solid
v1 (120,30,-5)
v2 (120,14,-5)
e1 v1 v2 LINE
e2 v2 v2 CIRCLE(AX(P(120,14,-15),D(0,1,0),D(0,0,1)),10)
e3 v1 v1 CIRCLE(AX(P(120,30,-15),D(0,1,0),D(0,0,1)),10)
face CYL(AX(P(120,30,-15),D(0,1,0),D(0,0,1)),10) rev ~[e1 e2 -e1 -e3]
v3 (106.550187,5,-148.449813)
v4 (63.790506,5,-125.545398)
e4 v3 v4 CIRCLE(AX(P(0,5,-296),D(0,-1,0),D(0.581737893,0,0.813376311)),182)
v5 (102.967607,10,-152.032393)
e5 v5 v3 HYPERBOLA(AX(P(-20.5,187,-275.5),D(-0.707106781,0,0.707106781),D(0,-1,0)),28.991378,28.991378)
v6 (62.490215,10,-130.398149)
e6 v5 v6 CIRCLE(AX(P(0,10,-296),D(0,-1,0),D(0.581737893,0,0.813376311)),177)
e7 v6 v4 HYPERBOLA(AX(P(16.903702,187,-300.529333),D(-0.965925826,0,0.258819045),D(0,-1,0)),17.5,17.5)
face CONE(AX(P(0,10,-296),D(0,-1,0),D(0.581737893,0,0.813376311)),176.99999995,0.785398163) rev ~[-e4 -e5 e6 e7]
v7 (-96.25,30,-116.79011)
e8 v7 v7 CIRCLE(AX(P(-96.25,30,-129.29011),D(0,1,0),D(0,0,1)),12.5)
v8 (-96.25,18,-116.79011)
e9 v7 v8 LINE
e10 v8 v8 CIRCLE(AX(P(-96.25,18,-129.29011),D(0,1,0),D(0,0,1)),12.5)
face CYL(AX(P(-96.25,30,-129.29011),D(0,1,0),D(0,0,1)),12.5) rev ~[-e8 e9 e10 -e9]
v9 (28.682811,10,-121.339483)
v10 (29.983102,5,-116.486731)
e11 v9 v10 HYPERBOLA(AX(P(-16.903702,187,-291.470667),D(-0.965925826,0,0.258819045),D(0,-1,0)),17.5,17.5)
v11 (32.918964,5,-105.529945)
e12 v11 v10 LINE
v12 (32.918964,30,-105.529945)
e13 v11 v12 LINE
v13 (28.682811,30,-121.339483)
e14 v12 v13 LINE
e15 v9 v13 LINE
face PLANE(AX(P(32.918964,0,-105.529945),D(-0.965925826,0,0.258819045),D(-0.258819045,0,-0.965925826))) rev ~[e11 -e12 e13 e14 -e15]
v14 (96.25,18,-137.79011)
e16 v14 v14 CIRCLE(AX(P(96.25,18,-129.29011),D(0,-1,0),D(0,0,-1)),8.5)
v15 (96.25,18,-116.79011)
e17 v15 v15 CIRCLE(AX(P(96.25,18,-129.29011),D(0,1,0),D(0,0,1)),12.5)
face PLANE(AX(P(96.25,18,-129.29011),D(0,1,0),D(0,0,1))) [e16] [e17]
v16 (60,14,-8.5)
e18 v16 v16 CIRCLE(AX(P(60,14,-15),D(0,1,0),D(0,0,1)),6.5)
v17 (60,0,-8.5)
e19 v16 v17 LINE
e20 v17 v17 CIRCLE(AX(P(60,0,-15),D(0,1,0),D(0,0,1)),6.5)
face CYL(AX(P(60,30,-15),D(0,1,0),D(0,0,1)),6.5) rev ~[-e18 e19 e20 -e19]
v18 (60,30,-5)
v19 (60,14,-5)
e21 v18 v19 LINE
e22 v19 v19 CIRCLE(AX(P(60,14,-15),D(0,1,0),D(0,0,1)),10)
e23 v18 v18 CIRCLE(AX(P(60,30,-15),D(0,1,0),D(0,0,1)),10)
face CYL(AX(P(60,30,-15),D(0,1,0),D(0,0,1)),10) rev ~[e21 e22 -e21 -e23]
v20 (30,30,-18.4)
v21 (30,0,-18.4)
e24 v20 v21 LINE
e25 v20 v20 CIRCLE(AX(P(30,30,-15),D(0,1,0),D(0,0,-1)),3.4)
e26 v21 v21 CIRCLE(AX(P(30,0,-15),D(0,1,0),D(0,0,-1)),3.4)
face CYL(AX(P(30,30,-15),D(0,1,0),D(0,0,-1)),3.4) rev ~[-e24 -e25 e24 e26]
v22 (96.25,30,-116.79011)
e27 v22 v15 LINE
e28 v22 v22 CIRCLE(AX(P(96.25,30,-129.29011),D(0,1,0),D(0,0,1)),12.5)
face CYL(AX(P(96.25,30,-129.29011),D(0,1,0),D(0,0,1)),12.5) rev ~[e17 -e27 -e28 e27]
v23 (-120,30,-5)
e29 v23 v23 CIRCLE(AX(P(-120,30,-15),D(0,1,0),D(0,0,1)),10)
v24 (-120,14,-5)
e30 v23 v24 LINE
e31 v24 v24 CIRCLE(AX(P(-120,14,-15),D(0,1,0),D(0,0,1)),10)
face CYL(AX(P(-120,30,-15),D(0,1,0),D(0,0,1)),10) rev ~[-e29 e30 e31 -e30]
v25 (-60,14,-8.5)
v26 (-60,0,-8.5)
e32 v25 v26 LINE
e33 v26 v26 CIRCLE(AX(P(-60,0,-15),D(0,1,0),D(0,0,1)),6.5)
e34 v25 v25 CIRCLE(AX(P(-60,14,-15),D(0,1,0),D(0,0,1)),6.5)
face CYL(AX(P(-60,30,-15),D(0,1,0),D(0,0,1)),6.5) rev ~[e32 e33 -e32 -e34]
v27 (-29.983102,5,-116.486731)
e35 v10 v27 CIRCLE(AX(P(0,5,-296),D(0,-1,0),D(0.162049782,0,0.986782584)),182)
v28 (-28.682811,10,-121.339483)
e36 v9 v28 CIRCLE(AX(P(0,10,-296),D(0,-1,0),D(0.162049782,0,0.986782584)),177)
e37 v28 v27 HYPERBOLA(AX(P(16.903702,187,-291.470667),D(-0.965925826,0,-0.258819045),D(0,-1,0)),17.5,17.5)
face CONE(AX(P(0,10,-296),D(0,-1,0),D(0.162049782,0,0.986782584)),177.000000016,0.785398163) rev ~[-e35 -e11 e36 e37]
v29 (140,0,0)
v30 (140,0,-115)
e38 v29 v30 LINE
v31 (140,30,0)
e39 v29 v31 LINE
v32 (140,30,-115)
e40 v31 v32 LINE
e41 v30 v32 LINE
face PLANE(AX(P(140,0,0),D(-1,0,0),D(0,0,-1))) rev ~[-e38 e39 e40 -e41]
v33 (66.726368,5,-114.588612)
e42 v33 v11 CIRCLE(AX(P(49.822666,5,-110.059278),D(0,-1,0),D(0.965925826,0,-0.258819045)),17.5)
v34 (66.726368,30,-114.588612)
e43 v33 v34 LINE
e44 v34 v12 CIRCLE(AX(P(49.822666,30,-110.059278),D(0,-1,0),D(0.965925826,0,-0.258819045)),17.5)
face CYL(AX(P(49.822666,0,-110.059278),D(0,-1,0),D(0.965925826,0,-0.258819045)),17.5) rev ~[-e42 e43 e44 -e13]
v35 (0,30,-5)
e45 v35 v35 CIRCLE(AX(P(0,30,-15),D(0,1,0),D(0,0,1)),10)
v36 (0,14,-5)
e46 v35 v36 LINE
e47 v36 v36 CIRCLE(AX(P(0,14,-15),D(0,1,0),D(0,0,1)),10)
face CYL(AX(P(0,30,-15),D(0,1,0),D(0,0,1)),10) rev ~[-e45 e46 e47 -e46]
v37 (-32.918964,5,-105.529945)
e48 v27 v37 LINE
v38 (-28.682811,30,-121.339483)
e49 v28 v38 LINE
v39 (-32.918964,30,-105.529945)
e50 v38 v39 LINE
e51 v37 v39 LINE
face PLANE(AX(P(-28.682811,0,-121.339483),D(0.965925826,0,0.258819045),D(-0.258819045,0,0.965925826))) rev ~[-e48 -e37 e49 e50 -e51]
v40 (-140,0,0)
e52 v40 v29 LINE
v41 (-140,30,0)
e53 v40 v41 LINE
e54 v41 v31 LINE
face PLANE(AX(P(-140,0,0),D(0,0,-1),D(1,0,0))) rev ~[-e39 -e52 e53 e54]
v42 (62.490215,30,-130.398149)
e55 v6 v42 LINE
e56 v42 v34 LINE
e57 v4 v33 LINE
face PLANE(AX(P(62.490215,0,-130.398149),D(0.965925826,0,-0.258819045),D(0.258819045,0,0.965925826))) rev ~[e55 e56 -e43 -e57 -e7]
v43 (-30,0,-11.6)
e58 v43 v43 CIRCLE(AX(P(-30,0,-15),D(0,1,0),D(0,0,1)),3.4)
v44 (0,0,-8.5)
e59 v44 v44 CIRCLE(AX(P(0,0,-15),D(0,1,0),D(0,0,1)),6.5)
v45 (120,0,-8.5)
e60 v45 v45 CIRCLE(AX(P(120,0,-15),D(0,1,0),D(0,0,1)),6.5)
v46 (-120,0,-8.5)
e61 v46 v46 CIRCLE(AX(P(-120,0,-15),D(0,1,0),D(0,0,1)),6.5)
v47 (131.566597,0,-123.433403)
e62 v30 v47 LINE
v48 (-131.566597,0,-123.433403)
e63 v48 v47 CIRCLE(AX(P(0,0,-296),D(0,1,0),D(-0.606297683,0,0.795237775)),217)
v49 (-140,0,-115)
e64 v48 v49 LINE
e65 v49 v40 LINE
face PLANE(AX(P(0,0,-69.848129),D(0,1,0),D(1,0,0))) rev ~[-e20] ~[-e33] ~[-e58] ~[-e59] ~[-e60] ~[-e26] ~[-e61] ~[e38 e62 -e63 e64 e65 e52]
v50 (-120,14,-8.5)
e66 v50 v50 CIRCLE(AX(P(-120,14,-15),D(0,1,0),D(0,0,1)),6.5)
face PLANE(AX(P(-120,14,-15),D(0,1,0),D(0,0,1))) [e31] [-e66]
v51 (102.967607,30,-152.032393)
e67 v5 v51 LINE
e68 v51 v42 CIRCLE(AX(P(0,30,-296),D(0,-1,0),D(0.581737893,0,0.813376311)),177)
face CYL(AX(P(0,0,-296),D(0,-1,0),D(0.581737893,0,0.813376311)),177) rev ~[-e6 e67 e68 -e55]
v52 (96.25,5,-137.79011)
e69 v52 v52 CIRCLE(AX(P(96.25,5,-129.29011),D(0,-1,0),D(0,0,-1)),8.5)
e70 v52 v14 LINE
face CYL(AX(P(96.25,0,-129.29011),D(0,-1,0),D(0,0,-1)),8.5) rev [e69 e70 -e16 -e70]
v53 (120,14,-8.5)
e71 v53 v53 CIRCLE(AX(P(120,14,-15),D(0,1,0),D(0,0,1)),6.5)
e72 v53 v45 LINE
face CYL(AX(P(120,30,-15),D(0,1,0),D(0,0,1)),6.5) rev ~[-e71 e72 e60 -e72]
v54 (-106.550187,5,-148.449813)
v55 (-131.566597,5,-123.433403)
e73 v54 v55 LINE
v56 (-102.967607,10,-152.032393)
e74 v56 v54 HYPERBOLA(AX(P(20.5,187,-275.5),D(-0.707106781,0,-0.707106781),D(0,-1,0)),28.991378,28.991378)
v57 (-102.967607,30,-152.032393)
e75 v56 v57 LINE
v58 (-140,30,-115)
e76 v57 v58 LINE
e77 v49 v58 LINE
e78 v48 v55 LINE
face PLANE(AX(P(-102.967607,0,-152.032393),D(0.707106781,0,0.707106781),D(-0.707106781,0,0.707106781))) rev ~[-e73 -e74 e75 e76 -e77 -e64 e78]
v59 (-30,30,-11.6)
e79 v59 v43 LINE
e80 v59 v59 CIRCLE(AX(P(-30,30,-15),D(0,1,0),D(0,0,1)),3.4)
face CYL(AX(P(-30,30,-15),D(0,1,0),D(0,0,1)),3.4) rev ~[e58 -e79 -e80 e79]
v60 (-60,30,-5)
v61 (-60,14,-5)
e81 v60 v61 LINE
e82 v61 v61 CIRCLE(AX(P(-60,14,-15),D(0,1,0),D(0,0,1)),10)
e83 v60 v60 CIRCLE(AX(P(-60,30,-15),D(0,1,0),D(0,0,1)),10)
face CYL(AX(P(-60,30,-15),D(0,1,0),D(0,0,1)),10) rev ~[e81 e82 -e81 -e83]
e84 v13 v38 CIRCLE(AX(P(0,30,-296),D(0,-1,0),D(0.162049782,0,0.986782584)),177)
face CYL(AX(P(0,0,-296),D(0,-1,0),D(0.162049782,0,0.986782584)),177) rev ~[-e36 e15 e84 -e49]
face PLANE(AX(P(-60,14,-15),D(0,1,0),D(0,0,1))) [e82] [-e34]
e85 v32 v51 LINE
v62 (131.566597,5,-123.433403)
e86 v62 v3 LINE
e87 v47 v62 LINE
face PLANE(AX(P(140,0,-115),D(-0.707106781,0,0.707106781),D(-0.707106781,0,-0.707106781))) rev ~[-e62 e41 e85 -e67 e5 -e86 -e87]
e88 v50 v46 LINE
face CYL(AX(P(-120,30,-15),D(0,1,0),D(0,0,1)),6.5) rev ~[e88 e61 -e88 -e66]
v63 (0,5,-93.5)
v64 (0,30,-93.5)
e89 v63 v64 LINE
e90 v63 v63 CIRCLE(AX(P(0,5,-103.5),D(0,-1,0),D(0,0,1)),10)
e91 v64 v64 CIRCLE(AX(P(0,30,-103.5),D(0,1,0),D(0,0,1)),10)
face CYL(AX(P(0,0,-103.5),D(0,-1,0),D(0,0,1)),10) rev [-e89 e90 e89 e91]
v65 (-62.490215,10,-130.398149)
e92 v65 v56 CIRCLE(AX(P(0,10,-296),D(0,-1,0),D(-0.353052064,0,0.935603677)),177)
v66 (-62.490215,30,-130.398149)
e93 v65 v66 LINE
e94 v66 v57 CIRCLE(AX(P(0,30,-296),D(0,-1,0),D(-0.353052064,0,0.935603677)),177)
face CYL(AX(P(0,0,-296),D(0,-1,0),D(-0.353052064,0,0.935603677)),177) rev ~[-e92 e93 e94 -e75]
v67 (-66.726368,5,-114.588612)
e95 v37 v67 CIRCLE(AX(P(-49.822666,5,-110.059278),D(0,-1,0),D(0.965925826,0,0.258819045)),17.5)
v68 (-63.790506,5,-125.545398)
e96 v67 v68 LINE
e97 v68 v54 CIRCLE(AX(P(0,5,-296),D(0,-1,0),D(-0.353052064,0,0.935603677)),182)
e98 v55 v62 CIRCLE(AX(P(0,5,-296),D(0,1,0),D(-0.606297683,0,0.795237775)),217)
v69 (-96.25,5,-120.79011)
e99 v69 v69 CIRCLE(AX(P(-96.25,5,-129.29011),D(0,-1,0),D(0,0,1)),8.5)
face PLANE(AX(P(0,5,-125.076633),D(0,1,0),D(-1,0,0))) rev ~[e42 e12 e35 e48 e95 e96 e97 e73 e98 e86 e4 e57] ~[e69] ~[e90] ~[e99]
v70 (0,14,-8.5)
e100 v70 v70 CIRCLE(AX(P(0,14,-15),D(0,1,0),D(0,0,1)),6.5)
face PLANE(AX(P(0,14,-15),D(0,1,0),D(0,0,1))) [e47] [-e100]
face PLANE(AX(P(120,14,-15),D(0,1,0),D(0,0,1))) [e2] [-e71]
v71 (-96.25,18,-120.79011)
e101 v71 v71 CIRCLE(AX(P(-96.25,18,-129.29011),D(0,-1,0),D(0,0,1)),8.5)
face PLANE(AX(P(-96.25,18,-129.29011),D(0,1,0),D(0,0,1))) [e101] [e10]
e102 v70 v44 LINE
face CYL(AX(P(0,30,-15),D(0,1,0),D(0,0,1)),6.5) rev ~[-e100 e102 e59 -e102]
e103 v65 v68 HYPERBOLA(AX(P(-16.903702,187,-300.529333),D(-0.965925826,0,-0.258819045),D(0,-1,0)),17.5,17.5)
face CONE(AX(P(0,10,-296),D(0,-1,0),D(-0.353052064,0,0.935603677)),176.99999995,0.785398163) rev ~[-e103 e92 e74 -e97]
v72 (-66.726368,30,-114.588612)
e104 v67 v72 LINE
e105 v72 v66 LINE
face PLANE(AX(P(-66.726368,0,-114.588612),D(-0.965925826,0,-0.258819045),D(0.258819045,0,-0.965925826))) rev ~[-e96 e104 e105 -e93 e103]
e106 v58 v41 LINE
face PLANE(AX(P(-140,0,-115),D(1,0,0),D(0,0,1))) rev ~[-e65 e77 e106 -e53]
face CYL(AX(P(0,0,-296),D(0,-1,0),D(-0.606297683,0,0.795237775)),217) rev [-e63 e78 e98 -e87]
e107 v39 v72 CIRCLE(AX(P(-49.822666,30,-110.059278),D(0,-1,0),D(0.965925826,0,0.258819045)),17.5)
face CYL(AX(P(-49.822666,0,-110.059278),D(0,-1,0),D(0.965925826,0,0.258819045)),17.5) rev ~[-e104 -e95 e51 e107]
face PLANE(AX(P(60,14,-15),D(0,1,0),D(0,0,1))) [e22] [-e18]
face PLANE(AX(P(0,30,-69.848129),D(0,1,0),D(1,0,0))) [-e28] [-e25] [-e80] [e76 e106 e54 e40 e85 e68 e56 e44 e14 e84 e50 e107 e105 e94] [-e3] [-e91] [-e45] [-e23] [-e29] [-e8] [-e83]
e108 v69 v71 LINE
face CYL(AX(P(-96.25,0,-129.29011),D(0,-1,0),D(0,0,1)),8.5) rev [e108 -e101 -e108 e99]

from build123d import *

# Parameters (mm, degrees)
SKETCH_1_R             = 10
SKETCH_1_R_2           = 8.5
EXTRUDE_1_DEPTH        = 30
SKETCH_3_R             = 12.5
CUT_EXTRUDE_1_DEPTH    = 12
CUT_EXTRUDE_2_REACH    = 210.839
SKETCH_4_R             = 6.5
SKETCH_5_R             = 10
CUT_EXTRUDE_3_DEPTH    = 16
PATTERN_LINEAR_1_COUNT = 5
PATTERN_LINEAR_1_PITCH = 60
CUT_EXTRUDE_4_REACH    = 210.839
SKETCH_6_R             = 3.4
CUT_EXTRUDE_5_DEPTH    = 5
CHAMFER_1_SIZE         = 5


with BuildPart() as part:
    # 草图1 → 凸台-拉伸1 (new body)
    with BuildSketch(Plane(origin=(0, 0, 0), x_dir=(1, 0, 0), z_dir=(0, 1, 0))):
        with BuildLine():
            Line((-140, 0), (140, 0))
            Line((140, 0), (140, 115))
            Line((140, 115), (102.967607088, 152.032392912))
            ThreePointArc((102.967607088, 152.032392912), (83.433104198, 139.897735045), (62.490215343, 130.398149206))
            Line((62.490215343, 130.398149206), (66.726368142, 114.588611729))
            ThreePointArc((66.726368142, 114.588611729), (54.351999472, 93.155576479), (32.918964222, 105.52994515))
            Line((32.918964222, 105.52994515), (28.682811422, 121.339482627))
            ThreePointArc((28.682811422, 121.339482627), (0, 119), (-28.682811422, 121.339482627))
            Line((-28.682811422, 121.339482627), (-32.918964222, 105.52994515))
            ThreePointArc((-32.918964222, 105.52994515), (-54.351999472, 93.155576479), (-66.726368142, 114.588611729))
            Line((-66.726368142, 114.588611729), (-62.490215343, 130.398149206))
            ThreePointArc((-62.490215343, 130.398149206), (-83.433104198, 139.897735045), (-102.967607088, 152.032392912))
            Line((-102.967607088, 152.032392912), (-140, 115))
            Line((-140, 115), (-140, 0))
        make_face()
        with Locations(Location((0, 103.5, 0), (0, 0, 270))):
            Circle(SKETCH_1_R, mode=Mode.SUBTRACT)
        with Locations(Location((-96.25, 129.290109771, 0), (0, 0, 270))):
            Circle(SKETCH_1_R_2, mode=Mode.SUBTRACT)
        with Locations(Location((96.25, 129.290109771, 0), (0, 0, 90))):
            Circle(SKETCH_1_R_2, mode=Mode.SUBTRACT)
    extrude(amount=EXTRUDE_1_DEPTH)

    # 草图3 → 切除-拉伸1 (cut)
    with BuildSketch(Plane(origin=(0, 30, 0), x_dir=(1, 0, 0), z_dir=(0, 1, 0))):
        with Locations(Location((-96.25, 129.290109771, 0), (0, 0, 270))):
            Circle(SKETCH_3_R)
        with Locations(Location((96.25, 129.290109771, 0), (0, 0, 270))):
            Circle(SKETCH_3_R)
    extrude(amount=-CUT_EXTRUDE_1_DEPTH, mode=Mode.SUBTRACT)

    # 草图4 → 切除-拉伸2 (cut, up to next)
    with BuildSketch(Plane(origin=(0, 30, 0), x_dir=(1, 0, 0), z_dir=(0, 1, 0)), mode=Mode.PRIVATE) as cut_extrude_2_sk1:
        with Locations(Location((-120, 15, 0), (0, 0, 270))):
            Circle(SKETCH_4_R)
    cut_extrude_2_tool1 = extrude(cut_extrude_2_sk1.sketch, amount=-CUT_EXTRUDE_2_REACH, mode=Mode.PRIVATE) & part.part
    cut_extrude_2 = cut_extrude_2_tool1.solids().sort_by_distance((-120, 30, -15))[0]
    add(cut_extrude_2, mode=Mode.SUBTRACT)

    # 草图5 → 切除-拉伸3 (cut)
    with BuildSketch(Plane(origin=(0, 30, 0), x_dir=(1, 0, 0), z_dir=(0, 1, 0))):
        with Locations(Location((-120, 15, 0), (0, 0, 270))):
            Circle(SKETCH_5_R)
    cut_extrude_3 = extrude(amount=-CUT_EXTRUDE_3_DEPTH, mode=Mode.SUBTRACT)

    # 阵列(线性)1: 切除-拉伸2, 切除-拉伸3 ×5
    with Locations(*[(i * PATTERN_LINEAR_1_PITCH, 0, 0) for i in range(1, PATTERN_LINEAR_1_COUNT)]):
        add(cut_extrude_2, mode=Mode.SUBTRACT)
        add(cut_extrude_3, mode=Mode.SUBTRACT)

    # 草图6 → 切除-拉伸4 (cut, up to next)
    with BuildSketch(Plane(origin=(0, 30, 0), x_dir=(1, 0, 0), z_dir=(0, 1, 0)), mode=Mode.PRIVATE) as cut_extrude_4_sk1:
        with Locations(Location((-30, 15, 0), (0, 0, 270))):
            Circle(SKETCH_6_R)
    cut_extrude_4_tool1 = extrude(cut_extrude_4_sk1.sketch, amount=-CUT_EXTRUDE_4_REACH, mode=Mode.PRIVATE) & part.part
    # 草图6 → 切除-拉伸4 (cut, up to next)
    with BuildSketch(Plane(origin=(0, 30, 0), x_dir=(1, 0, 0), z_dir=(0, 1, 0)), mode=Mode.PRIVATE) as cut_extrude_4_sk2:
        with Locations(Location((30, 15, 0), (0, 0, 90))):
            Circle(SKETCH_6_R)
    cut_extrude_4_tool2 = extrude(cut_extrude_4_sk2.sketch, amount=-CUT_EXTRUDE_4_REACH, mode=Mode.PRIVATE) & part.part
    add(cut_extrude_4_tool1.solids().sort_by_distance((-30, 30, -15))[0], mode=Mode.SUBTRACT)
    add(cut_extrude_4_tool2.solids().sort_by_distance((30, 30, -15))[0], mode=Mode.SUBTRACT)

    # 草图7 → 切除-拉伸5 (cut)
    with BuildSketch(Plane.XZ):
        with BuildLine():
            Line((131.566597253, -123.433402747), (131.566597253, -152.032392912))
            Line((131.566597253, -152.032392912), (-131.566597253, -152.032392912))
            Line((-131.566597253, -152.032392912), (-131.566597253, -123.433402747))
            ThreePointArc((-131.566597253, -123.433402747), (0, -79), (131.566597253, -123.433402747))
        make_face()
    extrude(amount=-CUT_EXTRUDE_5_DEPTH, mode=Mode.SUBTRACT)

    # 倒角1
    chamfer_1_edges = [part.edges().sort_by_distance(p)[0] for p in [
        (83.433104198, 5, -139.897735045),
        (-83.433104198, 5, -139.897735045),
        (0, 5, -119),
    ]]
    chamfer(chamfer_1_edges, length=CHAMFER_1_SIZE)


solid = part.part
